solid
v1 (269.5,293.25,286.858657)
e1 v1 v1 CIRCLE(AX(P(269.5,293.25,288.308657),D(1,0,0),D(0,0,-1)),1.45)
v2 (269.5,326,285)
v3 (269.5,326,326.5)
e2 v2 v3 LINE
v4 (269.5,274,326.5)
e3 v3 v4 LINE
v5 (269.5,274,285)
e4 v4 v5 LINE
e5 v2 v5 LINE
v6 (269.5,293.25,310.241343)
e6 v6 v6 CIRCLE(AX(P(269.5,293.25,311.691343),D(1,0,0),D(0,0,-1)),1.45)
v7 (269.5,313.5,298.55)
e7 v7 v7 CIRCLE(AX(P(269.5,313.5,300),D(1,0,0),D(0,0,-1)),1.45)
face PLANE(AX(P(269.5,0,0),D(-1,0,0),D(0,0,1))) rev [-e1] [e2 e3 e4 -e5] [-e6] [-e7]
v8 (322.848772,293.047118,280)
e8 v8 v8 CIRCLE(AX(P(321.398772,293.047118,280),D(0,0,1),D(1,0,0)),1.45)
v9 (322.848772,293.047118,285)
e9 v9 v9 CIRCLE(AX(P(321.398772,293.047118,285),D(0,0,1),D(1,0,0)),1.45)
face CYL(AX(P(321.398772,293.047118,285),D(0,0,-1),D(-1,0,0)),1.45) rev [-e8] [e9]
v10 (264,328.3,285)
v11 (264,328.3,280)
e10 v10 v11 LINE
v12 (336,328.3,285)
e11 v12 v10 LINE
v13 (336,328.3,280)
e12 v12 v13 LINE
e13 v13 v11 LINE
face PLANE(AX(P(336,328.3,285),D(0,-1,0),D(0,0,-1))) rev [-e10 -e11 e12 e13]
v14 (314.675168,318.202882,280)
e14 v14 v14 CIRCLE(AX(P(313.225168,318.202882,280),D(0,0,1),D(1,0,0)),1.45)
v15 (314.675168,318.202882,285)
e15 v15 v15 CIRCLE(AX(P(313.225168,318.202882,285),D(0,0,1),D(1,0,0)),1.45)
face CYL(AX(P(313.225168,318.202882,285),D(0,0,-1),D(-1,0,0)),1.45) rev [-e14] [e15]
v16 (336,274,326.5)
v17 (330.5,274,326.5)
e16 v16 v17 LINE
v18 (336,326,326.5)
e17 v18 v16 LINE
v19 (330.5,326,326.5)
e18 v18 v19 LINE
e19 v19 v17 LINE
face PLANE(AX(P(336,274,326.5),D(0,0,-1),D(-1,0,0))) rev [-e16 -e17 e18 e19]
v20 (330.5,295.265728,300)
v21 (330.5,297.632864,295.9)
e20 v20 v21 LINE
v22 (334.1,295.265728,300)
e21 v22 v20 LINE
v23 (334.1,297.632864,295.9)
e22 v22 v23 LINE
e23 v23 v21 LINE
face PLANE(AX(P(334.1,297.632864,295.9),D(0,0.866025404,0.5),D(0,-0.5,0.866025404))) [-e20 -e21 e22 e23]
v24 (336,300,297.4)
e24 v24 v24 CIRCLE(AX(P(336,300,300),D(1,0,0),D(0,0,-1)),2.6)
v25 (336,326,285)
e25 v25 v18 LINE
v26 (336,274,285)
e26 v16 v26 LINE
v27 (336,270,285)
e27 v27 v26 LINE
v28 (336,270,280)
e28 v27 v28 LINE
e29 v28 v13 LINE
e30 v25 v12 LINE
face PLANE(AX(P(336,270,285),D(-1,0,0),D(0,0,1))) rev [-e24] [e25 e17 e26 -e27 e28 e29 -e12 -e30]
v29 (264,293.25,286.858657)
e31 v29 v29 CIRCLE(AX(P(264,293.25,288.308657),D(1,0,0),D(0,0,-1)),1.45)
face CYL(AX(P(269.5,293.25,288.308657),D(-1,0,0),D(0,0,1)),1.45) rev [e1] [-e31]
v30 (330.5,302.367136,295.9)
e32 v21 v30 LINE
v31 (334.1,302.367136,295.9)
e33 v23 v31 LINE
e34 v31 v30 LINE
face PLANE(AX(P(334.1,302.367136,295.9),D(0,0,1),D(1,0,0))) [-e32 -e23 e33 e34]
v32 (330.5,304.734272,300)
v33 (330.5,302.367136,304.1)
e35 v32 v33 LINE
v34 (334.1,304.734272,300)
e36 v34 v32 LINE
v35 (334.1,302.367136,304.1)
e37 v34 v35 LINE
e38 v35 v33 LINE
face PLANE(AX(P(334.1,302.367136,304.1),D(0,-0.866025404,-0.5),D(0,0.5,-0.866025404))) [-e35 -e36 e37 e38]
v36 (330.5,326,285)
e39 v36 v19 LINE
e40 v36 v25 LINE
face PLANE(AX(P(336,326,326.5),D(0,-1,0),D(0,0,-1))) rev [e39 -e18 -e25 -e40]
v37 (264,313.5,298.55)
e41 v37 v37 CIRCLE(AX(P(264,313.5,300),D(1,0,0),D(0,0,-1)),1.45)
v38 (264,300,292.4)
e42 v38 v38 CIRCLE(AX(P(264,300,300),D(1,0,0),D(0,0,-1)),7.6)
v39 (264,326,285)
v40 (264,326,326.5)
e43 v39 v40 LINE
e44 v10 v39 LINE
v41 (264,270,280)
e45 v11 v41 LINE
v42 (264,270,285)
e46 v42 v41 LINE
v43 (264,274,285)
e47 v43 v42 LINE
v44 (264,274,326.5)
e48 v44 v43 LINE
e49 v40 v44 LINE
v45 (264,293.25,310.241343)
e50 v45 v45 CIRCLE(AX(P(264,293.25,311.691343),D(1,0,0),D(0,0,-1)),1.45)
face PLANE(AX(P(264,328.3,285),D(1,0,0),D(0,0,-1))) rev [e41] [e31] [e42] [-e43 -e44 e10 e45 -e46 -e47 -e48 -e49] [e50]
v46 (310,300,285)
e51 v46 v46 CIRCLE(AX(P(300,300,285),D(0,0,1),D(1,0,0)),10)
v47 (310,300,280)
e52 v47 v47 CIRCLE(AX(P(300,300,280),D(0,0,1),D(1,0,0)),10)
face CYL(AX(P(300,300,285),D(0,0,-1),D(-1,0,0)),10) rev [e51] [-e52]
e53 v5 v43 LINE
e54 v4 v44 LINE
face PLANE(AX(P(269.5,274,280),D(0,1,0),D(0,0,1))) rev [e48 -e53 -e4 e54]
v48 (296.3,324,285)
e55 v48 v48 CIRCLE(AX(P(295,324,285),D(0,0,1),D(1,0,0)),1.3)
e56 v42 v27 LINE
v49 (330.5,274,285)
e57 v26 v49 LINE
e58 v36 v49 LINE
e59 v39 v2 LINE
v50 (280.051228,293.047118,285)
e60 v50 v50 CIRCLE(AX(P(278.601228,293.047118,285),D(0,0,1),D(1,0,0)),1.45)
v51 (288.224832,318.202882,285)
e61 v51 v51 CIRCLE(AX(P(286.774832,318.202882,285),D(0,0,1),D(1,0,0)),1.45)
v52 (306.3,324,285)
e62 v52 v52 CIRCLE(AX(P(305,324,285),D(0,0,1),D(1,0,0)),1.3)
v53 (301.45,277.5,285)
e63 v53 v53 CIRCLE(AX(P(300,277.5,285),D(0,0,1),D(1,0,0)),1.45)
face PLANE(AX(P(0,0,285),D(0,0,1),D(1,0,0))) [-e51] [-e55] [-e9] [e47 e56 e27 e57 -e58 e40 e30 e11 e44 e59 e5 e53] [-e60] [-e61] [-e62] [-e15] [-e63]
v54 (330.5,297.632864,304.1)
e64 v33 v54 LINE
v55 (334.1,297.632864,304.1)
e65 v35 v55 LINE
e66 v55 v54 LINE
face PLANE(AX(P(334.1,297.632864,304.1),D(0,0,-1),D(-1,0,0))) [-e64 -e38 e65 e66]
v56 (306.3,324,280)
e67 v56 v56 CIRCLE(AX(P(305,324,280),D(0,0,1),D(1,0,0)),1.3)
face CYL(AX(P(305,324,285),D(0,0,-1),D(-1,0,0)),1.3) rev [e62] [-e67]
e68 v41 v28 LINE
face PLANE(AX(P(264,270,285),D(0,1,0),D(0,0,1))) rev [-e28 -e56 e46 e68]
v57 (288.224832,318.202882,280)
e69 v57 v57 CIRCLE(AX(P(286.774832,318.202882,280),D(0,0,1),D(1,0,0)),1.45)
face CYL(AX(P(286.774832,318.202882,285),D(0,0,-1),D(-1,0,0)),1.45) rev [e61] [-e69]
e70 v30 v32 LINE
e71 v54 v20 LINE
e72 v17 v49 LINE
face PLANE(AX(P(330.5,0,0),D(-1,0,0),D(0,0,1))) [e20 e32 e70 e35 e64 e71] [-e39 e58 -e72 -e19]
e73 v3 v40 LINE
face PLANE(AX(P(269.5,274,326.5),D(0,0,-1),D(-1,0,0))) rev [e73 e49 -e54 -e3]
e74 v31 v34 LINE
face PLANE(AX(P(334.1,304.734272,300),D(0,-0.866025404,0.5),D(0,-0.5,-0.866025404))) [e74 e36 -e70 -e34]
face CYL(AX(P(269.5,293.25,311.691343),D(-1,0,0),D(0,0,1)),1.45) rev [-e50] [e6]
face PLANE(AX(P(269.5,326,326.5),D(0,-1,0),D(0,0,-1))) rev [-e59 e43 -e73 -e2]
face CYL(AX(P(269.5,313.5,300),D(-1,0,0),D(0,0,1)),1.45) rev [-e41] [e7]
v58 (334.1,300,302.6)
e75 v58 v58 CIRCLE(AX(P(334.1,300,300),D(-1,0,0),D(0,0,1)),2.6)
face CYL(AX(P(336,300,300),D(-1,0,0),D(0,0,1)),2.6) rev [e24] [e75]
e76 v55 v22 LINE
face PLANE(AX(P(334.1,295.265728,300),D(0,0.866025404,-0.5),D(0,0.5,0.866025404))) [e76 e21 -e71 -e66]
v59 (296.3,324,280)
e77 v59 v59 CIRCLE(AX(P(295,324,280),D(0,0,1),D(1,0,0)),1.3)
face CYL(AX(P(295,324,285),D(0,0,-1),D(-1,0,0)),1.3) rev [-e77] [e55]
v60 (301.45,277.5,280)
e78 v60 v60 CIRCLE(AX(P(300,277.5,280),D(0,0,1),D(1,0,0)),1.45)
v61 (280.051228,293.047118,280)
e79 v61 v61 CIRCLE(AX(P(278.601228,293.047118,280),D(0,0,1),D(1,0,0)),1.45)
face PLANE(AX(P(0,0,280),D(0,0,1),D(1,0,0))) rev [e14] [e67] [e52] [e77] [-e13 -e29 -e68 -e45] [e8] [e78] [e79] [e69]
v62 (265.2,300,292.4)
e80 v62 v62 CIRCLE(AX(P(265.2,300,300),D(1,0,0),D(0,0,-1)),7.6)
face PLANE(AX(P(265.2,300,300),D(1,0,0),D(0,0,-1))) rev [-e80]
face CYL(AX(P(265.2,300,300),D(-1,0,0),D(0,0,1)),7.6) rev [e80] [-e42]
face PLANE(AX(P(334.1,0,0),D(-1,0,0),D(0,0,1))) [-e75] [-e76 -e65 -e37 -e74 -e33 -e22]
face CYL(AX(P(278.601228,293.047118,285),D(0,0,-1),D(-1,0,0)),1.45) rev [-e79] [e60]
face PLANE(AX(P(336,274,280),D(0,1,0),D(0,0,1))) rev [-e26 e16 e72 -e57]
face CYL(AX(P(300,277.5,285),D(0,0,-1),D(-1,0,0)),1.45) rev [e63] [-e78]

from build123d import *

# Parameters (mm, degrees)
SKETCH1_W           = 72
SKETCH1_H           = 58.3
SKETCH1_R           = 10
SKETCH1_R_2         = 1.45
SKETCH1_R_3         = 1.3
BOSS_EXTRUDE1_DEPTH = 5
SKETCH2_W           = 46.5
SKETCH2_H           = 52
SKETCH2_R           = 1.45
BOSS_EXTRUDE2_DEPTH = 5.5
SKETCH3_R           = 7.6
CUT_EXTRUDE1_DEPTH  = 1.2
SKETCH4_W           = 46.5
SKETCH4_H           = 52
SKETCH4_R           = 2.6
BOSS_EXTRUDE3_DEPTH = 5.5
CUT_EXTRUDE2_DEPTH  = 3.6


with BuildPart() as part:
    # Sketch1 → Boss-Extrude1 (new body)
    with BuildSketch(Plane.XY.offset(280)):
        with Locations((300, 299.15)):
            Rectangle(SKETCH1_W, SKETCH1_H)
        with Locations((300, 300)):
            Circle(SKETCH1_R, mode=Mode.SUBTRACT)
        with Locations((286.774831823, 318.202882373)):
            Circle(SKETCH1_R_2, mode=Mode.SUBTRACT)
        with Locations((278.601228383, 293.047117627)):
            Circle(SKETCH1_R_2, mode=Mode.SUBTRACT)
        with Locations((300, 277.5)):
            Circle(SKETCH1_R_2, mode=Mode.SUBTRACT)
        with Locations((321.398771617, 293.047117627)):
            Circle(SKETCH1_R_2, mode=Mode.SUBTRACT)
        with Locations((313.225168177, 318.202882373)):
            Circle(SKETCH1_R_2, mode=Mode.SUBTRACT)
        with Locations((295, 324)):
            Circle(SKETCH1_R_3, mode=Mode.SUBTRACT)
        with Locations((305, 324)):
            Circle(SKETCH1_R_3, mode=Mode.SUBTRACT)
    extrude(amount=BOSS_EXTRUDE1_DEPTH)

    # Sketch2 → Boss-Extrude2 (add)
    with BuildSketch(Plane(origin=(264, 0, 0), x_dir=(0, 0, -1), z_dir=(1, 0, 0))):
        with Locations((-303.25, 300)):
            Rectangle(SKETCH2_W, SKETCH2_H)
        with Locations((-300, 313.5)):
            Circle(SKETCH2_R, mode=Mode.SUBTRACT)
        with Locations((-288.308657049, 293.25)):
            Circle(SKETCH2_R, mode=Mode.SUBTRACT)
        with Locations((-311.691342951, 293.25)):
            Circle(SKETCH2_R, mode=Mode.SUBTRACT)
    extrude(amount=BOSS_EXTRUDE2_DEPTH)

    # Sketch3 → Cut-Extrude1 (cut)
    with BuildSketch(Plane(origin=(264, 0, 0), x_dir=(0, 0, -1), z_dir=(1, 0, 0))):
        with Locations((-300, 300)):
            Circle(SKETCH3_R)
    extrude(amount=CUT_EXTRUDE1_DEPTH, mode=Mode.SUBTRACT)

    # Sketch4 → Boss-Extrude3 (add)
    with BuildSketch(Plane(origin=(330.5, 0, 0), x_dir=(0, 0, -1), z_dir=(1, 0, 0))):
        with Locations((-303.25, 300)):
            Rectangle(SKETCH4_W, SKETCH4_H)
        with Locations((-300, 300)):
            Circle(SKETCH4_R, mode=Mode.SUBTRACT)
    extrude(amount=BOSS_EXTRUDE3_DEPTH)

    # Sketch5 → Cut-Extrude2 (cut)
    with BuildSketch(Plane(origin=(330.5, 0, 0), x_dir=(0, 0, -1), z_dir=(1, 0, 0))):
        Polygon((-304.1, 302.367136104), (-300, 304.734272207), (-295.9, 302.367136104), (-295.9, 297.632863896), (-300, 295.265727793), (-304.1, 297.632863896), align=None)
    extrude(amount=CUT_EXTRUDE2_DEPTH, mode=Mode.SUBTRACT)


solid = part.part
